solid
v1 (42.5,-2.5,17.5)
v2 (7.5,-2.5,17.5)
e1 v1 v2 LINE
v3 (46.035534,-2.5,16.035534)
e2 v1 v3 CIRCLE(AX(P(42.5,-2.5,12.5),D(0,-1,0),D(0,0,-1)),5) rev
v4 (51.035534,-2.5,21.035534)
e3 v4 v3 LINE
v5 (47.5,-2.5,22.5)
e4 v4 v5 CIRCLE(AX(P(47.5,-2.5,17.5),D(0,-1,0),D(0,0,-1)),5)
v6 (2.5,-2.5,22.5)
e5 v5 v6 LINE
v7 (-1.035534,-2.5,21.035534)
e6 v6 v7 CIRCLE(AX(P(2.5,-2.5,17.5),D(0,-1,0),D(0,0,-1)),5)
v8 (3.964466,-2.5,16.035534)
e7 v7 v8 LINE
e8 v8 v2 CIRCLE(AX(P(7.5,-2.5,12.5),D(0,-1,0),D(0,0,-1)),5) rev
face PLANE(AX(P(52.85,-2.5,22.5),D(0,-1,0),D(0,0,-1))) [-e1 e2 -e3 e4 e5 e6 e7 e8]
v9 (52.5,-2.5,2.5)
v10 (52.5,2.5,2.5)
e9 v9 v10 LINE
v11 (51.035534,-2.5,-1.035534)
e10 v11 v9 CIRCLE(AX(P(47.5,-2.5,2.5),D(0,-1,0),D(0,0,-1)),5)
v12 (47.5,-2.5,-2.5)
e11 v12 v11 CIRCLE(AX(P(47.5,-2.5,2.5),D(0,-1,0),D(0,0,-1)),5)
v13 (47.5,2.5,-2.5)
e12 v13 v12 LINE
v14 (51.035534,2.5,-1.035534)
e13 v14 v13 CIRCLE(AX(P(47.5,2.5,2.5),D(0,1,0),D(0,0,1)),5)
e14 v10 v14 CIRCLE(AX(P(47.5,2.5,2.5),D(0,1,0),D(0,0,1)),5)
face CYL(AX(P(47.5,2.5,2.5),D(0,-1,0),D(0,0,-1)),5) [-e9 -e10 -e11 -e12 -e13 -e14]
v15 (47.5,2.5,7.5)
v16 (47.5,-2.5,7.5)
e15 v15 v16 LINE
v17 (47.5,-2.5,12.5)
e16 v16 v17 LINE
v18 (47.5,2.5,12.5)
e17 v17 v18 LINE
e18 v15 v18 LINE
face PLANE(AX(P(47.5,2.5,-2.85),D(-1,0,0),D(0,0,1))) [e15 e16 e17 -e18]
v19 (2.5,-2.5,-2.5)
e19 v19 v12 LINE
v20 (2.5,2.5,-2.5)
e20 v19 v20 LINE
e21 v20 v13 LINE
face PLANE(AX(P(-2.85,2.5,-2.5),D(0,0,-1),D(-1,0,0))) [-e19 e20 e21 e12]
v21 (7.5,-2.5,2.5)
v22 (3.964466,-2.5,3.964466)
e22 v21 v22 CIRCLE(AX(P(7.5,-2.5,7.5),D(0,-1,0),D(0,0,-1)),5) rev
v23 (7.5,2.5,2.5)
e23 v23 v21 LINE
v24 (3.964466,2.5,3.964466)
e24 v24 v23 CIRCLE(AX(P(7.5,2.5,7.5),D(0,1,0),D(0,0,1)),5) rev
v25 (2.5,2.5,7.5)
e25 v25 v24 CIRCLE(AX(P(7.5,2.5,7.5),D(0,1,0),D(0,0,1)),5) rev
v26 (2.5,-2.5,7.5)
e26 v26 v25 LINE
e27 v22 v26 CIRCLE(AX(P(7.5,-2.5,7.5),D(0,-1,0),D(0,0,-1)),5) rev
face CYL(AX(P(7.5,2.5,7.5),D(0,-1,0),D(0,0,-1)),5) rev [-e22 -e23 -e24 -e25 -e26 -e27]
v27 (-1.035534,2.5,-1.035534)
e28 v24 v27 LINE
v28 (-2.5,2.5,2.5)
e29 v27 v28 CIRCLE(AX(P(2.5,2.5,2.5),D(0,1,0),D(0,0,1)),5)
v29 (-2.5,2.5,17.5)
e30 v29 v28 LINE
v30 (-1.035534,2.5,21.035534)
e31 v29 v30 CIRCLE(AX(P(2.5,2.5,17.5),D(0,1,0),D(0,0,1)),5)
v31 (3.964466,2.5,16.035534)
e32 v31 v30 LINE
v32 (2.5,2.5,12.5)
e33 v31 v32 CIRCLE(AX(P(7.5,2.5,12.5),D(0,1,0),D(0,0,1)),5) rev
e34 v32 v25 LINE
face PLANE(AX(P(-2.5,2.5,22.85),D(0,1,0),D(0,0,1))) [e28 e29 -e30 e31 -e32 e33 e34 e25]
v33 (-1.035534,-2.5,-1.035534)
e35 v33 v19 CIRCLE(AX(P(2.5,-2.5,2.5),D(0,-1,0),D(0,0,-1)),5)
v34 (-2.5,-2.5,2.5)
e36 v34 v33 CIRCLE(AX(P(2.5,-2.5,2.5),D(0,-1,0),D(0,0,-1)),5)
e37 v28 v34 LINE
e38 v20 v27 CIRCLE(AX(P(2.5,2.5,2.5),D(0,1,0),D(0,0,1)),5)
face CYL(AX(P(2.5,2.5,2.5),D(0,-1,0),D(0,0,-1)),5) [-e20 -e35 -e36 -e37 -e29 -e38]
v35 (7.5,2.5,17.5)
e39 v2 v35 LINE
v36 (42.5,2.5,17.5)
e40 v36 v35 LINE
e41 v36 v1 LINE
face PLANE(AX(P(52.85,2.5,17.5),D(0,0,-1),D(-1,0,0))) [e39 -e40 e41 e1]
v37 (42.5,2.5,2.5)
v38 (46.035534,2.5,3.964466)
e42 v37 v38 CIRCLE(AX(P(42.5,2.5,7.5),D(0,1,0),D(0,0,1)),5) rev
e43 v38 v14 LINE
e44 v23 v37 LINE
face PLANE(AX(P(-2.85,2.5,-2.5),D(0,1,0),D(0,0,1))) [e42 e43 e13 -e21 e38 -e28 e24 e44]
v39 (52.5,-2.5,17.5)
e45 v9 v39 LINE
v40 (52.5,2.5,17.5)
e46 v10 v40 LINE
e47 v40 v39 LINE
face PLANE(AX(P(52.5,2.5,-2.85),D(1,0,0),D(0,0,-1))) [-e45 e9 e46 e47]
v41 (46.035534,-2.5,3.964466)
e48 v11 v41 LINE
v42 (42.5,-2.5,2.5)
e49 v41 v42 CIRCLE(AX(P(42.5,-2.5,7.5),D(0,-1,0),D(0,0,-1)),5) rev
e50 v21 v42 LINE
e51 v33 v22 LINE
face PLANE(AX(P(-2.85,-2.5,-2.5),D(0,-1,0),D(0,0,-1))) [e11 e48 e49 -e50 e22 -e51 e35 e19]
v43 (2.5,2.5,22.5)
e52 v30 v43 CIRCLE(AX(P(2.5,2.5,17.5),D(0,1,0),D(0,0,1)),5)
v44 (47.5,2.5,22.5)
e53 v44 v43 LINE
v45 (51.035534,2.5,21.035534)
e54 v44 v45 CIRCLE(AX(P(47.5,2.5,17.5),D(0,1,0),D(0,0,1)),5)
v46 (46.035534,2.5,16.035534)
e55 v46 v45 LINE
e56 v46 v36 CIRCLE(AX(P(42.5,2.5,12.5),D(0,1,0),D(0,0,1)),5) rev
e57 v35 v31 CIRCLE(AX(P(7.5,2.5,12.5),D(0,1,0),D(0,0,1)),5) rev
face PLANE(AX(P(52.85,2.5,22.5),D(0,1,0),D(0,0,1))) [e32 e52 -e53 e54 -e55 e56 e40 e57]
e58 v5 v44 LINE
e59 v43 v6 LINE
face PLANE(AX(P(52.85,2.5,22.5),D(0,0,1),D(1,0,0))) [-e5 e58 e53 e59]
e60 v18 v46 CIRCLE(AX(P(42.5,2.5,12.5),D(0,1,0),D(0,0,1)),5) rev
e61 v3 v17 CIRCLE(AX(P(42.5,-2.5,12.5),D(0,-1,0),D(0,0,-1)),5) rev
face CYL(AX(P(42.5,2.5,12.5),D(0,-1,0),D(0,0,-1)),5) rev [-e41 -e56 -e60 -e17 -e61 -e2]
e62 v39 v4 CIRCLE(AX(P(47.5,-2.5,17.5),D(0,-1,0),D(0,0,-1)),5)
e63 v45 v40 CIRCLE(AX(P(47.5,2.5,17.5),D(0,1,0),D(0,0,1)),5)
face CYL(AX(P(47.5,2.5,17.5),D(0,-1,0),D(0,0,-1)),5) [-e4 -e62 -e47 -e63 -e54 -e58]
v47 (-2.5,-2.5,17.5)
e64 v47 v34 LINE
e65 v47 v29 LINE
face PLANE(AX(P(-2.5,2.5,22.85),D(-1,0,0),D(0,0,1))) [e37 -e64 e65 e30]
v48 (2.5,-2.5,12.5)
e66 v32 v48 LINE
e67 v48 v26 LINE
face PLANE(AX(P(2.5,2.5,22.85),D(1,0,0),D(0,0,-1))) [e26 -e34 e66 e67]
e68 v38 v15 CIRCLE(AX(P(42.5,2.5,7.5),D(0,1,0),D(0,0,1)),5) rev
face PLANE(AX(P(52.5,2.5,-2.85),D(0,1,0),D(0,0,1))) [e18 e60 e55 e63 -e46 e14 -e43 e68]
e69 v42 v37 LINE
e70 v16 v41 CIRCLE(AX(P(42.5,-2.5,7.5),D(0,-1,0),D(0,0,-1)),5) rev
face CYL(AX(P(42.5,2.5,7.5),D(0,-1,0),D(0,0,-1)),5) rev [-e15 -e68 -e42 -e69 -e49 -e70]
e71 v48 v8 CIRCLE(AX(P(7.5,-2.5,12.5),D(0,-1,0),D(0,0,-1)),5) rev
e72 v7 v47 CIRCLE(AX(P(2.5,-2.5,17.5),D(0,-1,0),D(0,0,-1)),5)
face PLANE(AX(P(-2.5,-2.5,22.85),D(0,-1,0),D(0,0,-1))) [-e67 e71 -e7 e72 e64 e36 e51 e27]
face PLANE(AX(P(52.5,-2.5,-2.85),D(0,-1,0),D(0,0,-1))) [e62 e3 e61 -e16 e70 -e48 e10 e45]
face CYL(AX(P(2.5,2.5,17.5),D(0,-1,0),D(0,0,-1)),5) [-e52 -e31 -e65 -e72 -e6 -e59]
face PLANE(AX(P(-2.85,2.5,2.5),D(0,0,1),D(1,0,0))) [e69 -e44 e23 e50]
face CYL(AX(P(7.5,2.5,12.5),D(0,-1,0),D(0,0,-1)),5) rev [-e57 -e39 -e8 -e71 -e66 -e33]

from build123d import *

# Parameters (mm, degrees)
SKETCH3_W = 5
SKETCH3_H = 5
FILLET1_R = 5


with BuildPart() as part:
    # Sweep2: sweep along a path in Sketch4
    with BuildLine(Plane(origin=(0, 0, 0), x_dir=(1, 0, 0), z_dir=(0, 1, 0))) as sweep2_path:
        Line((0, 0), (50, 0))
        Line((50, 0), (50, -20))
        Line((50, -20), (0, -20))
        Line((0, -20), (0, 0))
    # Sketch3 → Sweep2 (sweep)
    with BuildSketch(Plane(origin=(0, 0, 0), x_dir=(0, 0, -1), z_dir=(1, 0, 0))):
        Rectangle(SKETCH3_W, SKETCH3_H)
    sweep(path=sweep2_path.line, transition=Transition.RIGHT)

    # Fillet1
    fillet1_edges = [part.edges().sort_by_distance(p)[0] for p in [
        (-2.5, 0, 22.5),
        (2.5, 0, 17.5),
        (47.5, 0, 2.5),
        (52.5, 0, -2.5),
        (-2.5, 0, -2.5),
        (2.5, 0, 2.5),
        (52.5, 0, 22.5),
        (47.5, 0, 17.5),
    ]]
    fillet(fillet1_edges, radius=FILLET1_R)


solid = part.part
